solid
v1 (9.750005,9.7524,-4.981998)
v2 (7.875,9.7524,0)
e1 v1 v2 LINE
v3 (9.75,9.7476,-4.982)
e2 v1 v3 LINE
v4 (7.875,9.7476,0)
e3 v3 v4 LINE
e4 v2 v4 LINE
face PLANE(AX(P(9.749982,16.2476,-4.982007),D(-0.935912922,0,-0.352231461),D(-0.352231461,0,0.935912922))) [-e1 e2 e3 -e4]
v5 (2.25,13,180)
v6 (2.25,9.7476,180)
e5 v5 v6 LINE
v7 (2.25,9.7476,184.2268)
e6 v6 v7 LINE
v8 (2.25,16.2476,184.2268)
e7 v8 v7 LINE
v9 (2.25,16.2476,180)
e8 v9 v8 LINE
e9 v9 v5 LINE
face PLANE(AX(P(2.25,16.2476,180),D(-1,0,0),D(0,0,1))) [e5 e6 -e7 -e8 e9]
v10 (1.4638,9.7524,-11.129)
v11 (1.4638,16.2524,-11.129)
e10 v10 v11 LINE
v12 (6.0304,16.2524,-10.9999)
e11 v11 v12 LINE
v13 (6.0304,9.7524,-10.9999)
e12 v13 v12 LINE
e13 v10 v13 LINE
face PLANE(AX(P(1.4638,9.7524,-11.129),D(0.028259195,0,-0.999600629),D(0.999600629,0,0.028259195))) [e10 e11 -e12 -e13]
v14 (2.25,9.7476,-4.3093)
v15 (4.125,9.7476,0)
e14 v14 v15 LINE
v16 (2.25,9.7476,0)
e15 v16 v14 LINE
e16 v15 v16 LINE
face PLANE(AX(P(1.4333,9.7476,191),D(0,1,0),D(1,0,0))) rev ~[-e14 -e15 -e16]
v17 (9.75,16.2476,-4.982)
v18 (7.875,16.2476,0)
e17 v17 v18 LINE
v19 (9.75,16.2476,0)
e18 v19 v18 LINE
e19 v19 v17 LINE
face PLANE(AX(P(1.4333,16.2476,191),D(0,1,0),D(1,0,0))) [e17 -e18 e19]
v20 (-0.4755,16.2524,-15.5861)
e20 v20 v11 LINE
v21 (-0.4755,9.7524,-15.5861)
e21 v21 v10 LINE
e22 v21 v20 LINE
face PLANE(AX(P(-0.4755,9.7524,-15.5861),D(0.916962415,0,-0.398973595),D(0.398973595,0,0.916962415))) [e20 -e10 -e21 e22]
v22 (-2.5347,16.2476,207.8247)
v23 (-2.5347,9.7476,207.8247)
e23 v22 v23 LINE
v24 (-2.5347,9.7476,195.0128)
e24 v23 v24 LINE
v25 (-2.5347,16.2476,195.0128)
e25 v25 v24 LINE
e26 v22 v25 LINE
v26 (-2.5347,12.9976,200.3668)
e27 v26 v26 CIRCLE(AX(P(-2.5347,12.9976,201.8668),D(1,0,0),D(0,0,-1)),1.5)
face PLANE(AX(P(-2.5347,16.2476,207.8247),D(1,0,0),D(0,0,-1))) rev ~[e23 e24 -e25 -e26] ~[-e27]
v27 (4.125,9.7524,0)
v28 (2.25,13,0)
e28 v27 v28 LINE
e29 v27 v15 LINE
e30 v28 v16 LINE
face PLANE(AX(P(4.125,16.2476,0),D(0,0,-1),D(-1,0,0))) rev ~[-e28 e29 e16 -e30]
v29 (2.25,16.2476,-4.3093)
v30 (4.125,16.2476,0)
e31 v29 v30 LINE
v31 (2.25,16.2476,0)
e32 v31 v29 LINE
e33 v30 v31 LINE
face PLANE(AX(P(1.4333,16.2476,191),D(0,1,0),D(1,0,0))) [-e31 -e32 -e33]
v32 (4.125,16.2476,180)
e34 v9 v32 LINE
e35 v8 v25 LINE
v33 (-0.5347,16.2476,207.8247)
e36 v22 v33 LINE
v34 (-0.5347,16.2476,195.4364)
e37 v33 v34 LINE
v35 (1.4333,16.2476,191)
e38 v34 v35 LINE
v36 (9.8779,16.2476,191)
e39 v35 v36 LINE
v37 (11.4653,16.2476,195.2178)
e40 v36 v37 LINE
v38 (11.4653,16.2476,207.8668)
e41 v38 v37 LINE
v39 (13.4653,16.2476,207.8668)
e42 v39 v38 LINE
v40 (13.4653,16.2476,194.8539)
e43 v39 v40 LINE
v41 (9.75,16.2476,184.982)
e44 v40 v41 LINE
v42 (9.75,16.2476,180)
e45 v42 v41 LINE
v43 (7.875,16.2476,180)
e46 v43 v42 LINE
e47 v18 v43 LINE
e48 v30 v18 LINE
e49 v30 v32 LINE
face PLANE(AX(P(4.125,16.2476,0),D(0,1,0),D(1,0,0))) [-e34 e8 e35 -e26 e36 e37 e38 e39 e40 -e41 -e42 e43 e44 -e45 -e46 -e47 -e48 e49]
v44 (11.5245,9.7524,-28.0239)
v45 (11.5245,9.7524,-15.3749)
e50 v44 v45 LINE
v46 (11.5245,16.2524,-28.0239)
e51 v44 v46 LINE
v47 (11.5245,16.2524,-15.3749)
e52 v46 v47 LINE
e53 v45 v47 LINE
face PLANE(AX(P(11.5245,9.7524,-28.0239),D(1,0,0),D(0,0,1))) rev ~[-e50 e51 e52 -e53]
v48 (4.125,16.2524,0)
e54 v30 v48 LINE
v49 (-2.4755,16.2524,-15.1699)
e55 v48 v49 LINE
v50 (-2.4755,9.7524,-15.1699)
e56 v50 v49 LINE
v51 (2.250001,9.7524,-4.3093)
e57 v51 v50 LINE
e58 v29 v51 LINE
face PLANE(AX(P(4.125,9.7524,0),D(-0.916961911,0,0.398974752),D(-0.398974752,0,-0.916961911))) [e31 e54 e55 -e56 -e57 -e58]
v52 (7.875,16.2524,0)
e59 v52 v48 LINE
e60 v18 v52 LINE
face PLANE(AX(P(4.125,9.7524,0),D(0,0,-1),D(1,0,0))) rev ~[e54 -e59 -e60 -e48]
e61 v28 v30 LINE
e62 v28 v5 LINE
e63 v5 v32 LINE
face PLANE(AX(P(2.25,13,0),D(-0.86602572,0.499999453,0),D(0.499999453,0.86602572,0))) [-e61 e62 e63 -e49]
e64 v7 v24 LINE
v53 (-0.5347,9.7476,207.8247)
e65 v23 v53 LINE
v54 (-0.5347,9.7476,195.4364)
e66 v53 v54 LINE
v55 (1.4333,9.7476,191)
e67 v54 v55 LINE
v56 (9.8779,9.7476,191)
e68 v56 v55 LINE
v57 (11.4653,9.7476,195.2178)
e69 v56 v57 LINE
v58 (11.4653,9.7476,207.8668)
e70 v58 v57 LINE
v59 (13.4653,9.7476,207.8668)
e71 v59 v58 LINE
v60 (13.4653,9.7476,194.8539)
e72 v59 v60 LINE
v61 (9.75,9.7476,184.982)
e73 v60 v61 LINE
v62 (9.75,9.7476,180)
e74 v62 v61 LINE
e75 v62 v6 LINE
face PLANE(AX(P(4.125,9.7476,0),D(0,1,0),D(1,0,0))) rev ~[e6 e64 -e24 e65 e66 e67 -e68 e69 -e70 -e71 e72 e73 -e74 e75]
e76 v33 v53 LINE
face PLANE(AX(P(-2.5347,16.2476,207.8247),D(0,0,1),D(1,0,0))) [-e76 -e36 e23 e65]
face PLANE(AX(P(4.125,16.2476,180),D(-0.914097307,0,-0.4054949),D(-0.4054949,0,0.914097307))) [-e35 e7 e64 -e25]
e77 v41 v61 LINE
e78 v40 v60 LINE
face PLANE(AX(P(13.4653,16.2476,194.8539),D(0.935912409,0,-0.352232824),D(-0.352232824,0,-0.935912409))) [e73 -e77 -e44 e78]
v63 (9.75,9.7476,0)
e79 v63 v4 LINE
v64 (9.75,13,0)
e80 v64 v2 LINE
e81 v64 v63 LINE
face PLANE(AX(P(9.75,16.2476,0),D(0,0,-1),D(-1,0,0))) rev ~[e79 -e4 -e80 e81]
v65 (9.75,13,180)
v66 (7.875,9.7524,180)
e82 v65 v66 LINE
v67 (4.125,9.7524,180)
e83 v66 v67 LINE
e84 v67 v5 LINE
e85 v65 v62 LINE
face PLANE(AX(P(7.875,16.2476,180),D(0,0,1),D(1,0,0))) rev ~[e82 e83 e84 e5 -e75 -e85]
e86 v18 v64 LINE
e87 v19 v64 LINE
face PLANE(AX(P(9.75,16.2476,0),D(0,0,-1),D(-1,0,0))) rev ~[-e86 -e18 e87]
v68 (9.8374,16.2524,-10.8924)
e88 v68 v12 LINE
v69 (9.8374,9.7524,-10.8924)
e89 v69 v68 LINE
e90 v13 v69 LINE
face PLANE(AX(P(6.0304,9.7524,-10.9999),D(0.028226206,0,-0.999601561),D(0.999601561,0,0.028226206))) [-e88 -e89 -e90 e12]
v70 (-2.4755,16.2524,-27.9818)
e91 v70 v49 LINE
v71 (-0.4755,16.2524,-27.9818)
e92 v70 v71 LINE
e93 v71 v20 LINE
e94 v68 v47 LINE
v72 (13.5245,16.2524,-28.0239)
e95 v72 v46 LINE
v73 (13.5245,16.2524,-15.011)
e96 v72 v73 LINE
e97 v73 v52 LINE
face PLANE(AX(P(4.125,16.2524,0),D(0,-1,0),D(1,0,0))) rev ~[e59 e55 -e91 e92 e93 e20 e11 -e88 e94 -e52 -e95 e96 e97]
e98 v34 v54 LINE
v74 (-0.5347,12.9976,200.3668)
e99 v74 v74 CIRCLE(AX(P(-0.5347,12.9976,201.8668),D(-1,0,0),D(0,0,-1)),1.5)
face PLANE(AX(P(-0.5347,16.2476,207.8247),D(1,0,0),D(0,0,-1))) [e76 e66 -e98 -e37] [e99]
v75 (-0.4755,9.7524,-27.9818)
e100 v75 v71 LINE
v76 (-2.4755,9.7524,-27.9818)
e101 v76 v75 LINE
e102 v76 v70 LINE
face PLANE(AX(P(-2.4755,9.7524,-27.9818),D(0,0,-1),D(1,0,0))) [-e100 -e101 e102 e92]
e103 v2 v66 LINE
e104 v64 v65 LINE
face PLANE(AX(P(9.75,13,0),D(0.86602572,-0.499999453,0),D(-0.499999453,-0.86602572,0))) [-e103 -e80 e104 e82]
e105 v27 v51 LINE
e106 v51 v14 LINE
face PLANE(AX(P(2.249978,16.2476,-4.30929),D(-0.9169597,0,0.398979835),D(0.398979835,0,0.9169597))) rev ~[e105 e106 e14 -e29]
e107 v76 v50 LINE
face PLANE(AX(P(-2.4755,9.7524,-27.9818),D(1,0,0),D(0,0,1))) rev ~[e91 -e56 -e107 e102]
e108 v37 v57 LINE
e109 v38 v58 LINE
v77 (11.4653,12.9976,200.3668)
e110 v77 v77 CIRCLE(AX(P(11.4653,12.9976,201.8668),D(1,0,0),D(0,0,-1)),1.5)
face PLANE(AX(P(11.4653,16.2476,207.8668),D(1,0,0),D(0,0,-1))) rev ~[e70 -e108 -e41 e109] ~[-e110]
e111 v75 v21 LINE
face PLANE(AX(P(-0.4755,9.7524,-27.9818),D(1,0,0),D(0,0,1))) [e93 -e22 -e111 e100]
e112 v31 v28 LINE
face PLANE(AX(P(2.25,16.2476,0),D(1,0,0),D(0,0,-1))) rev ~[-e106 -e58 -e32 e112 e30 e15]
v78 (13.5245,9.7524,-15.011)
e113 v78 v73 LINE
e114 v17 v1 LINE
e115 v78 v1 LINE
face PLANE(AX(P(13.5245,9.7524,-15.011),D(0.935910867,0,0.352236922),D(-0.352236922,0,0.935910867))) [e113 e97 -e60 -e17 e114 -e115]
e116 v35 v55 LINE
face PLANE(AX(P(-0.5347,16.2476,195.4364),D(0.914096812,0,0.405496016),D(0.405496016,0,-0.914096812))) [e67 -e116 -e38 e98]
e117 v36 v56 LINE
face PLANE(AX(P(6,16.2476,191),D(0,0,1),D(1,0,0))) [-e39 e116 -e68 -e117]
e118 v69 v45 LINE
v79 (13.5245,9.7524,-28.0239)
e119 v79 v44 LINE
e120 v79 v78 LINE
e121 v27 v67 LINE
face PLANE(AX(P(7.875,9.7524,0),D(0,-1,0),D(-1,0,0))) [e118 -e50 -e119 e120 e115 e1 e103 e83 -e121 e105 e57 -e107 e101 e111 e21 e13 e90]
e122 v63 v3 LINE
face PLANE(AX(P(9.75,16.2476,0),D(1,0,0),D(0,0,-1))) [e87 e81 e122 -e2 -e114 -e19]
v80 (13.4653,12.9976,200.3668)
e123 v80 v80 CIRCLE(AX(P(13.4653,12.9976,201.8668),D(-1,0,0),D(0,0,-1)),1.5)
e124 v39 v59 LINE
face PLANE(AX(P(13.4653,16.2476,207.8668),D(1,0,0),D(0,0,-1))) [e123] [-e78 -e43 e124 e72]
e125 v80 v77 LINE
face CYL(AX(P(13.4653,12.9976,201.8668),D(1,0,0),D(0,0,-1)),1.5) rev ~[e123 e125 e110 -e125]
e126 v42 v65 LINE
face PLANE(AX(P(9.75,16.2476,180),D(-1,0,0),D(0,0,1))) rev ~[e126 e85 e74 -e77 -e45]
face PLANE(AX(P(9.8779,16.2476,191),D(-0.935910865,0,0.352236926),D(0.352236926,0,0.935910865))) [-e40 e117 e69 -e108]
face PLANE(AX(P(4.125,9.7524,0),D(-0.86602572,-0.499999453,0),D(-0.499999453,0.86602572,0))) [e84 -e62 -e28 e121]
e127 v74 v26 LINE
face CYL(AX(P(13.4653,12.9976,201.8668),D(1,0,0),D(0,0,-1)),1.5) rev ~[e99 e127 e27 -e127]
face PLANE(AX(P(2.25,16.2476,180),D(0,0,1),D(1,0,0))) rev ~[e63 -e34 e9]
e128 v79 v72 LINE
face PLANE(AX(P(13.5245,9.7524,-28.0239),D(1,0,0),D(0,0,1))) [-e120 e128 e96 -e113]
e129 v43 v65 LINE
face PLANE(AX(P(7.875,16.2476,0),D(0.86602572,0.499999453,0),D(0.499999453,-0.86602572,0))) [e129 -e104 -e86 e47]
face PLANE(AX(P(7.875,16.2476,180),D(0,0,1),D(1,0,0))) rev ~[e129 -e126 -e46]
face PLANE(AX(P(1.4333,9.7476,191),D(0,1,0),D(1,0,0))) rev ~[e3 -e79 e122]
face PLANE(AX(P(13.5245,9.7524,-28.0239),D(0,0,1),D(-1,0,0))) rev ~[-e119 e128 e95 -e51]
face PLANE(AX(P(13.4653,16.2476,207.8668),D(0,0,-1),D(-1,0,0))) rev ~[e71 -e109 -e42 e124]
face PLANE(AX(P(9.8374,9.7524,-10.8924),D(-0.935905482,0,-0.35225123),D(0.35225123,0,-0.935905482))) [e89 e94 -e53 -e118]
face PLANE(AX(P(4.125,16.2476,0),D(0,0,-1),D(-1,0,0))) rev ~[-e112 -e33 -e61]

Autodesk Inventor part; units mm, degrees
ref_plane "YZ Plane" through (0, 0, 0) normal (1, 0, 0) x (0, 1, 0)
ref_plane "XZ Plane" through (0, 0, 0) normal (0, 1, 0) x (-1, 0, 0)
ref_plane "XY Plane" through (0, 0, 0) normal (0, 0, 1) x (1, 0, 0)
sketch "Sketch1" plane through (0, 0, 0) normal (0, 0, 1) x (1, 0, 0)
  line L0 (9.75, 13) -> (7.875, 9.7524)
  line L1 (7.875, 9.7524) -> (4.125, 9.7524)
  line L2 (4.125, 9.7524) -> (2.25, 13)
  line L3 (2.25, 13) -> (4.125, 16.2476)
  line L4 (4.125, 16.2476) -> (7.875, 16.2476)
  line L5 (7.875, 16.2476) -> (9.75, 13)
  point P0 (0, 0)
  point P1 (6, 13)
  dimension "d0" = 7.5
extrude "Extrusion1" add sketch "Sketch1" along normal blind 180
sketch "Sketch2" plane through (4.125, 16.2476, 0) normal (0, 1, 0) x (1, 0, 0)
  line L0 (3.75, -180) -> (5.625, -180) projected
  line L1 (3.75, -180) -> (0, -180) projected
  line L2 (0, -180) -> (-6.6597, -195.0128)
  line L3 (-1.875, 0) -> (-1.875, -180) projected
  line L4 (-6.6597, -207.8247) -> (-6.6597, -195.0128)
  line L5 (3.75, -180) -> (1.875, -180)
  line L6 (9.3403, -207.8668) -> (9.3403, -194.8539)
  line L7 (9.3403, -194.8539) -> (3.75, -180)
  line L8 (9.3403, -207.8668) -> (7.3403, -207.8668)
  line L9 (7.3403, -207.8668) -> (7.3403, -195.2178)
  line L10 (-6.6597, -207.8247) -> (-4.6597, -207.8247)
  line L11 (-4.6597, -207.8247) -> (-4.6597, -195.4364)
  line L12 (2.1735, -180.0436) -> (2.158, -180)
  line L13 (1.875, -191) -> (5.7529, -191)
  line L14 (-2.6917, -191) -> (1.875, -191)
  line L15 (-4.6597, -195.4364) -> (-2.6917, -191)
  line L16 (5.7529, -191) -> (7.3403, -195.2178)
  line L17 (1.875, -180) -> (1.875, -207.8247)
  point P0 (-4.125, 0)
  dimension "d12" = 2
  dimension "d13" = 2
  dimension "d16" = 27.8247
  dimension "d17" = 11
  dimension "d21" = 12
  dimension "d31" = 2
  dimension "d32" = 2
extrude "Extrusion2" add sketch "Sketch2" against normal blind 6.5
sketch "Sketch3" plane through (-2.5347, 9.7476, 195.0128) normal (-0.9141, 0, -0.4055) x (-0.4055, 0, 0.9141)
  point P0 (-179.2885, -9.7476)
sketch "Sketch5" plane through (4.125, 16.2476, 0) normal (0, 1, 0) x (1, 0, 0)
  line L0 (-1.875, -180) -> (0, -180) projected
  line L1 (-1.875, -180) -> (-1.875, -184.2268)
  line L2 (0, -180) -> (-6.6597, -195.0128) projected
  line L3 (3.75, -180) -> (5.625, -180) projected
  line L4 (5.625, -180) -> (5.625, -184.982)
  line L5 (9.3403, -194.8539) -> (3.75, -180) projected
  point P0 (-4.125, 0)
extrude "Extrusion3" add sketch "Sketch5" against normal blind 6.5
sketch "Sketch6" plane through (13.4653, 16.2476, 207.8668) normal (1, 0, 0) x (0, 0, -1)
  line L0 (0, 0) -> (0, -3.25)
  line L1 (0, 0) -> (0, -6.5) projected
  line L2 (0, -3.25) -> (6, -3.25)
  circle A0 centre (6, -3.25) radius 1.5
  point P0 (207.8668, -16.2476)
  dimension "d27" = 6
  dimension "d28" = 3
extrude "Extrusion4" cut sketch "Sketch6" against normal through all
sketch "Sketch7" plane through (4.125, 9.7524, 0) normal (0, -1, 0) x (1, 0, 0)
  line L0 (0, 0) -> (-6.6005, -15.1699)
  line L1 (-6.6005, -27.9818) -> (-6.6005, -15.1699)
  line L2 (9.3995, -28.0239) -> (9.3995, -15.011)
  line L3 (9.3995, -15.011) -> (3.75, 0)
  line L4 (9.3995, -28.0239) -> (7.3995, -28.0239)
  line L5 (7.3995, -28.0239) -> (7.3995, -15.3749)
  line L6 (-6.6005, -27.9818) -> (-4.6005, -27.9818)
  line L7 (-4.6005, -27.9818) -> (-4.6005, -15.5861)
  line L8 (1.9054, -10.9999) -> (5.7124, -10.8924)
  line L9 (-2.6612, -11.129) -> (1.9054, -10.9999)
  line L10 (-4.6005, -15.5861) -> (-2.6612, -11.129)
  line L11 (5.7124, -10.8924) -> (7.3995, -15.3749)
  line L12 (1.942, 0) -> (1.942, -27.8247)
  line L13 (5.625, 0) -> (3.75, 0) projected
  line L14 (0, 0) -> (3.75, 0) projected
  line L15 (3.75, 0) -> (0, 0)
  line L16 (3.75, 0) -> (0, 0) projected
  point P0 (-4.125, 0)
  dimension "d34" = 2
  dimension "d35" = 2
  dimension "d36" = 11
  dimension "d37" = 12
  dimension "d38" = 2
  dimension "d39" = 2
extrude "Extrusion5" add sketch "Sketch7" against normal blind 6.5
sketch "Sketch8" plane through (1.4333, 16.2476, 191) normal (0, 1, 0) x (1, 0, 0)
  line L0 (8.3167, 191) -> (6.4417, 191) projected
  line L1 (8.3167, 191) -> (8.3167, 195.982)
  line L2 (12.0911, 206.011) -> (6.4417, 191) projected
  line L3 (2.6917, 191) -> (0.8167, 191) projected
  line L4 (0.8167, 191) -> (0.8167, 195.3093)
  line L5 (-3.9089, 206.1699) -> (2.6917, 191) projected
  point P0 (-1.4333, 191)
extrude "Extrusion6" add sketch "Sketch8" against normal blind 6.5
properties part number "Rod v1"
